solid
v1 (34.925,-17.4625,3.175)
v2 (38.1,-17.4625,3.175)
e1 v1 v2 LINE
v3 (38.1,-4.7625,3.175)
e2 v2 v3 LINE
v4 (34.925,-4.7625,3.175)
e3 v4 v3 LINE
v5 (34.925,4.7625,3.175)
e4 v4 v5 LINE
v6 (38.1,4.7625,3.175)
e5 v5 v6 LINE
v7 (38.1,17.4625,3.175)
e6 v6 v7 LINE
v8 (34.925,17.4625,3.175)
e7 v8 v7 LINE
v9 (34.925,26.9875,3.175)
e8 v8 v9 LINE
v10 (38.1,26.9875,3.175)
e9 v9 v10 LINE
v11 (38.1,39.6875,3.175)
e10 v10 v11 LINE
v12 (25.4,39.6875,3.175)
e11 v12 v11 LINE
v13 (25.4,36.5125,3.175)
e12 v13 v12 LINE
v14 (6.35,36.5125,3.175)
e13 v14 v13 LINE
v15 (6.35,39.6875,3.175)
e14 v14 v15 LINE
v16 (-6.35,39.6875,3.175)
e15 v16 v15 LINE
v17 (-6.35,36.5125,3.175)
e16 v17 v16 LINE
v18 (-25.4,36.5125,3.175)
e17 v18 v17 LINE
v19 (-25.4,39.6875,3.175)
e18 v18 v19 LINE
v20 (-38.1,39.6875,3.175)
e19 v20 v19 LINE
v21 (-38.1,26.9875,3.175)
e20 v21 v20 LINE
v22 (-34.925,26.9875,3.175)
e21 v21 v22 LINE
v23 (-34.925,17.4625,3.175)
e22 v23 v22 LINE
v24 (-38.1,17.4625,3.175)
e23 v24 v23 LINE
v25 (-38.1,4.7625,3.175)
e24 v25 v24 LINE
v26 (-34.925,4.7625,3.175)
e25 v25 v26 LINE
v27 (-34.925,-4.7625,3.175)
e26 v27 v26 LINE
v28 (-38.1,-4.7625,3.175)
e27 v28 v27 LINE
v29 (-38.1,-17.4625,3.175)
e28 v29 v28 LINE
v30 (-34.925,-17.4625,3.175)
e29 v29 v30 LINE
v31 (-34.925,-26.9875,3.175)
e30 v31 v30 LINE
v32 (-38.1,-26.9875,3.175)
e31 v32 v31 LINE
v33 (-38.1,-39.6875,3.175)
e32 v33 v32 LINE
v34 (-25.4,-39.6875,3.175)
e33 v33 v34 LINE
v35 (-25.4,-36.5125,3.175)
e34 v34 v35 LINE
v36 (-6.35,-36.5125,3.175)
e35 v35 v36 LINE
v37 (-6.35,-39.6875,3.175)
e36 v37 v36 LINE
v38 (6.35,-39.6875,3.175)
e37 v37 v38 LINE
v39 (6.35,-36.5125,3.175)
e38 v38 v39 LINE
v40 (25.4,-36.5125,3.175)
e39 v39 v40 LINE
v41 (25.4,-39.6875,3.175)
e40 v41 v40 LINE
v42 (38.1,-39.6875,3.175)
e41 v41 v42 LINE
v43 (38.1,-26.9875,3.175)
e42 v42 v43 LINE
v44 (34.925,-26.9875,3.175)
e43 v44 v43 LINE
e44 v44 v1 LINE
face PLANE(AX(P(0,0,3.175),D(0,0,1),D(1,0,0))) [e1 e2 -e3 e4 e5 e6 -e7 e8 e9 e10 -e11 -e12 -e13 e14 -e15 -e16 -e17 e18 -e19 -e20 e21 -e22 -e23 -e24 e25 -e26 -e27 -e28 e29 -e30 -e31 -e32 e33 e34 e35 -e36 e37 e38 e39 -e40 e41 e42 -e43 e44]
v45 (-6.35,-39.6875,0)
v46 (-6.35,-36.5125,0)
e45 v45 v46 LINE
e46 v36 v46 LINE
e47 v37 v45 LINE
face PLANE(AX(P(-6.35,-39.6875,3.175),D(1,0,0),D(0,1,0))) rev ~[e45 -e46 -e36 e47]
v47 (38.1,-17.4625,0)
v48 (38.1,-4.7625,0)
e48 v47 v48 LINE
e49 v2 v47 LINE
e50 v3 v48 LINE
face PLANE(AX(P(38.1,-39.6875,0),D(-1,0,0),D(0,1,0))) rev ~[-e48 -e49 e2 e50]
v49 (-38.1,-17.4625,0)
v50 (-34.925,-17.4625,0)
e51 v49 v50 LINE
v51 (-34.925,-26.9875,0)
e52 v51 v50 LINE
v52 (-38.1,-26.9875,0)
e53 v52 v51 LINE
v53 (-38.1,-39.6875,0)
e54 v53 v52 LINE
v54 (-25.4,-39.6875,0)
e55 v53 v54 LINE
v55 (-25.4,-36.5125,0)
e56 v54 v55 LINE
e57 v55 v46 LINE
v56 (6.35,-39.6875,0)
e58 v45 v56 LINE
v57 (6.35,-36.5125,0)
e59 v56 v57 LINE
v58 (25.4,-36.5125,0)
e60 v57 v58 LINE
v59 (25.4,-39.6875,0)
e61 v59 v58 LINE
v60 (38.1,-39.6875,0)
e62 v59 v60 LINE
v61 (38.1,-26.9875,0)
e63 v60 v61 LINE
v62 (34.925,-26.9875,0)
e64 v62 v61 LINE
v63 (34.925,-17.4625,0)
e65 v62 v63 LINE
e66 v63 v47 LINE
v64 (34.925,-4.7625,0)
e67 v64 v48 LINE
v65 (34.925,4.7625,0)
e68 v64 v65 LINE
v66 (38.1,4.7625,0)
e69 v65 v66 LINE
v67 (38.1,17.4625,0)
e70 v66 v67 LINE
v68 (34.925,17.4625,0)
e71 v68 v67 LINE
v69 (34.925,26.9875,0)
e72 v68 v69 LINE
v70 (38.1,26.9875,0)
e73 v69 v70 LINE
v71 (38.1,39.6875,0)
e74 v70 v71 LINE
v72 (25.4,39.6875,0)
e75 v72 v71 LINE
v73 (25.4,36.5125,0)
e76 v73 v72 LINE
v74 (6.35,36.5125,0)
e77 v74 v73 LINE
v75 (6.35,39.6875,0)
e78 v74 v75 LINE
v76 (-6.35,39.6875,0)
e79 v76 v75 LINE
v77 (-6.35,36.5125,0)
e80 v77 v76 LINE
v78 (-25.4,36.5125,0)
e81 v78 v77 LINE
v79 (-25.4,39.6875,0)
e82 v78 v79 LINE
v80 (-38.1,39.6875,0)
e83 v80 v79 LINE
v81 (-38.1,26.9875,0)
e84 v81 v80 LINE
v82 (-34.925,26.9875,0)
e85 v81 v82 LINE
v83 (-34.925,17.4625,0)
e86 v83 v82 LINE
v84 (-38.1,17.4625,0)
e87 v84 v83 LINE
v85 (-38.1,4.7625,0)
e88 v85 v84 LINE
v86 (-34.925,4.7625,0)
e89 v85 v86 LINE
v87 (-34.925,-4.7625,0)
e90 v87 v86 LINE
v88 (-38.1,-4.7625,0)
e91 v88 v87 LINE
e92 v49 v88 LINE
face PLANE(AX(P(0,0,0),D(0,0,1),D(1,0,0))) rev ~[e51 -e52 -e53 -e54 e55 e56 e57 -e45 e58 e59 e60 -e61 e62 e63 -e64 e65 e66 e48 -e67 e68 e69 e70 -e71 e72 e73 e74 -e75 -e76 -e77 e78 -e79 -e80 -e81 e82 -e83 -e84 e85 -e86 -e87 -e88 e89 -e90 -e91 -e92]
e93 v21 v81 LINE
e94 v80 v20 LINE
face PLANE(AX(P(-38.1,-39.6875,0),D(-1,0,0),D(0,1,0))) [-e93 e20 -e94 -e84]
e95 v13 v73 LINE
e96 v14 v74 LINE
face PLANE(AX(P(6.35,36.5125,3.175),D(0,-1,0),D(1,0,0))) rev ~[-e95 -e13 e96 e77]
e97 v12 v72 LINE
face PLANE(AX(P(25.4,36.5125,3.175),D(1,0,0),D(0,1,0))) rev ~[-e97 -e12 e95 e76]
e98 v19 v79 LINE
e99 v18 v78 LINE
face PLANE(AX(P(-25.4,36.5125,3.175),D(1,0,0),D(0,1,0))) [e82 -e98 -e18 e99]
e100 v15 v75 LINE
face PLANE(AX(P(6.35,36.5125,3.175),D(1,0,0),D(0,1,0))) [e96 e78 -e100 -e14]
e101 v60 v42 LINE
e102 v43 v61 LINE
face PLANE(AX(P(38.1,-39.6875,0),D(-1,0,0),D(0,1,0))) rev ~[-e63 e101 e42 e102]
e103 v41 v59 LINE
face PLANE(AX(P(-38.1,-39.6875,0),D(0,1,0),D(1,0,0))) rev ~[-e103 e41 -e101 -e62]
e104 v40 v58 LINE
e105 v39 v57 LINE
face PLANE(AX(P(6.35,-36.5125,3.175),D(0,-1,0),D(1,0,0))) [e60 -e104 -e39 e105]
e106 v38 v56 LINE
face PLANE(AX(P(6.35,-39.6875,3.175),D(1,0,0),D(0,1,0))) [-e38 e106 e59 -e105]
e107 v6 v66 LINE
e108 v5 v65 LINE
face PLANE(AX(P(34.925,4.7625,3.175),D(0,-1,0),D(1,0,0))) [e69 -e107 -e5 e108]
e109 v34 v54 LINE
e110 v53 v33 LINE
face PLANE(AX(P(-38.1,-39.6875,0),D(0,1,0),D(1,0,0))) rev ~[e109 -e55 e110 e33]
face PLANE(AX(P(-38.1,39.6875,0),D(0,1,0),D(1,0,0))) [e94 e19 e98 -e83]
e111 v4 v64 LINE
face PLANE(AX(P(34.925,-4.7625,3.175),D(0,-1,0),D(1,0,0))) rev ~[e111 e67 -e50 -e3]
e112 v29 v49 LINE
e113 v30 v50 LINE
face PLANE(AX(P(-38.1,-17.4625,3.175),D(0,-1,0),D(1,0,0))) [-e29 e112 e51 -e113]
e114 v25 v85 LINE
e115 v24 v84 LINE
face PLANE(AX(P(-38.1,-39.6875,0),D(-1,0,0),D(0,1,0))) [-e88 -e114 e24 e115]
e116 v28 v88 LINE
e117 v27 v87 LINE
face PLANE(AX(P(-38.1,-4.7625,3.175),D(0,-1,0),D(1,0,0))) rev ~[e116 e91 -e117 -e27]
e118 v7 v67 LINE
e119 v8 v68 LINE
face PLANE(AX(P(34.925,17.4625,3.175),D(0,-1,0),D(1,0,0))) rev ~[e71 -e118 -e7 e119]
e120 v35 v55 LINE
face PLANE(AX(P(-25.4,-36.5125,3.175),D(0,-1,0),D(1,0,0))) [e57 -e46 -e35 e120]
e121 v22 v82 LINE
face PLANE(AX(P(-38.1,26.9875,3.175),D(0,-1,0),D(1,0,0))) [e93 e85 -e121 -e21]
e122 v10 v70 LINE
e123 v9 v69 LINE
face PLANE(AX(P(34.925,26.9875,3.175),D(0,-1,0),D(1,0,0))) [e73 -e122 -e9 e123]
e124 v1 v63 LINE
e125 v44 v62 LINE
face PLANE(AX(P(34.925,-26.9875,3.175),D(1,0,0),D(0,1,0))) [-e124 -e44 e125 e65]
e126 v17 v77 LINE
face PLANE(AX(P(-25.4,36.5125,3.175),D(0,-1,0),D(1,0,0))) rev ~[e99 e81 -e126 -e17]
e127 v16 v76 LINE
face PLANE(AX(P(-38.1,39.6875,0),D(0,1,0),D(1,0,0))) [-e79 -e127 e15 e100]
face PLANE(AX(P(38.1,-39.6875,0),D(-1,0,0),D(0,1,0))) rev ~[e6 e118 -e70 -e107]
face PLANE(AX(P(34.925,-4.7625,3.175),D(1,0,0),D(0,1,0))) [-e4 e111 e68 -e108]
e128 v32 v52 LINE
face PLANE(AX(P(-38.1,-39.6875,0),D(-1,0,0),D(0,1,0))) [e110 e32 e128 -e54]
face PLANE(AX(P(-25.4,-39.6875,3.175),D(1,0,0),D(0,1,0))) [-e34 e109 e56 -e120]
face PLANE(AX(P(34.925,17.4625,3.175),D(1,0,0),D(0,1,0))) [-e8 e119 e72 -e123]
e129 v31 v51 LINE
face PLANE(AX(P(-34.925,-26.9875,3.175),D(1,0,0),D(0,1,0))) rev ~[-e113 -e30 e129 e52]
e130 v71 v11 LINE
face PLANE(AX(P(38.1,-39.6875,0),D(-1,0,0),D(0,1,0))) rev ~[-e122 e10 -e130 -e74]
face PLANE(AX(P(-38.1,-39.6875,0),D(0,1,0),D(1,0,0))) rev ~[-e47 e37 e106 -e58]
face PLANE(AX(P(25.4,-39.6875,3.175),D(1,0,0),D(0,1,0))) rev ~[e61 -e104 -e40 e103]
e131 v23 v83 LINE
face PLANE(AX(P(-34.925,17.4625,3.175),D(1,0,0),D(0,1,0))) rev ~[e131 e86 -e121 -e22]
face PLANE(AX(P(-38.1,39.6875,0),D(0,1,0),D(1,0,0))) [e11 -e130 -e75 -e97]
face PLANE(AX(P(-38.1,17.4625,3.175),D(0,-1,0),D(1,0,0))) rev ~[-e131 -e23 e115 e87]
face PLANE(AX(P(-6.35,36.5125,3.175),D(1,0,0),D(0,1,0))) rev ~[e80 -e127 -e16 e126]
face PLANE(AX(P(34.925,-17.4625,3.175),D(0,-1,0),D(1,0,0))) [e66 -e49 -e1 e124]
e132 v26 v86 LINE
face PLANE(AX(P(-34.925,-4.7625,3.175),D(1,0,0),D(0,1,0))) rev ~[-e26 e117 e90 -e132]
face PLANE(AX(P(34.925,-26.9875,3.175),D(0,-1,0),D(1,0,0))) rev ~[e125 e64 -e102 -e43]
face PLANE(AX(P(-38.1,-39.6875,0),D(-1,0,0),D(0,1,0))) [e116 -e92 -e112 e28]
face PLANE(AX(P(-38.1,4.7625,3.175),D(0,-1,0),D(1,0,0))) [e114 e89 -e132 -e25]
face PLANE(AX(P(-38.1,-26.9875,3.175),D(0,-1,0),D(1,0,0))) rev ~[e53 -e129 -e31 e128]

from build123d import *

# Parameters (mm, degrees)
F0_W     = 76.2
F0_H     = 79.375
F1_DEPTH = 3.175
F2_W     = 19.05
F2_H     = 3.175
F3_DEPTH = 3.176
F4_W     = 3.175
F4_H     = 9.525
F5_DEPTH = 3.176


with BuildPart() as f1:
    # F0 (on Top) → F1 (new body)
    with BuildSketch(Plane.XY):
        Rectangle(F0_W, F0_H)
    extrude(amount=F1_DEPTH)

    # F2 (on face) → F3 (cut, through all)
    with BuildSketch(Plane.XY.offset(3.175)):
        with Locations((-15.875, 38.1)):
            Rectangle(F2_W, F2_H)
        with Locations((15.875, 38.1)):
            Rectangle(F2_W, F2_H)
        with Locations((15.875, -38.1)):
            Rectangle(F2_W, F2_H)
        with Locations((-15.875, -38.1)):
            Rectangle(F2_W, F2_H)
    extrude(amount=-F3_DEPTH, mode=Mode.SUBTRACT)

    # F4 (on face) → F5 (cut, through all)
    with BuildSketch(Plane.XY.offset(3.175)):
        with Locations((-36.5125, 22.225)):
            Rectangle(F4_W, F4_H)
        with Locations((-36.5125, 0)):
            Rectangle(F4_W, F4_H)
        with Locations((-36.5125, -22.225)):
            Rectangle(F4_W, F4_H)
        with Locations((36.5125, -22.225)):
            Rectangle(F4_W, F4_H)
        with Locations((36.5125, 0)):
            Rectangle(F4_W, F4_H)
        with Locations((36.5125, 22.225)):
            Rectangle(F4_W, F4_H)
    extrude(amount=-F5_DEPTH, mode=Mode.SUBTRACT)


solid = f1.part
